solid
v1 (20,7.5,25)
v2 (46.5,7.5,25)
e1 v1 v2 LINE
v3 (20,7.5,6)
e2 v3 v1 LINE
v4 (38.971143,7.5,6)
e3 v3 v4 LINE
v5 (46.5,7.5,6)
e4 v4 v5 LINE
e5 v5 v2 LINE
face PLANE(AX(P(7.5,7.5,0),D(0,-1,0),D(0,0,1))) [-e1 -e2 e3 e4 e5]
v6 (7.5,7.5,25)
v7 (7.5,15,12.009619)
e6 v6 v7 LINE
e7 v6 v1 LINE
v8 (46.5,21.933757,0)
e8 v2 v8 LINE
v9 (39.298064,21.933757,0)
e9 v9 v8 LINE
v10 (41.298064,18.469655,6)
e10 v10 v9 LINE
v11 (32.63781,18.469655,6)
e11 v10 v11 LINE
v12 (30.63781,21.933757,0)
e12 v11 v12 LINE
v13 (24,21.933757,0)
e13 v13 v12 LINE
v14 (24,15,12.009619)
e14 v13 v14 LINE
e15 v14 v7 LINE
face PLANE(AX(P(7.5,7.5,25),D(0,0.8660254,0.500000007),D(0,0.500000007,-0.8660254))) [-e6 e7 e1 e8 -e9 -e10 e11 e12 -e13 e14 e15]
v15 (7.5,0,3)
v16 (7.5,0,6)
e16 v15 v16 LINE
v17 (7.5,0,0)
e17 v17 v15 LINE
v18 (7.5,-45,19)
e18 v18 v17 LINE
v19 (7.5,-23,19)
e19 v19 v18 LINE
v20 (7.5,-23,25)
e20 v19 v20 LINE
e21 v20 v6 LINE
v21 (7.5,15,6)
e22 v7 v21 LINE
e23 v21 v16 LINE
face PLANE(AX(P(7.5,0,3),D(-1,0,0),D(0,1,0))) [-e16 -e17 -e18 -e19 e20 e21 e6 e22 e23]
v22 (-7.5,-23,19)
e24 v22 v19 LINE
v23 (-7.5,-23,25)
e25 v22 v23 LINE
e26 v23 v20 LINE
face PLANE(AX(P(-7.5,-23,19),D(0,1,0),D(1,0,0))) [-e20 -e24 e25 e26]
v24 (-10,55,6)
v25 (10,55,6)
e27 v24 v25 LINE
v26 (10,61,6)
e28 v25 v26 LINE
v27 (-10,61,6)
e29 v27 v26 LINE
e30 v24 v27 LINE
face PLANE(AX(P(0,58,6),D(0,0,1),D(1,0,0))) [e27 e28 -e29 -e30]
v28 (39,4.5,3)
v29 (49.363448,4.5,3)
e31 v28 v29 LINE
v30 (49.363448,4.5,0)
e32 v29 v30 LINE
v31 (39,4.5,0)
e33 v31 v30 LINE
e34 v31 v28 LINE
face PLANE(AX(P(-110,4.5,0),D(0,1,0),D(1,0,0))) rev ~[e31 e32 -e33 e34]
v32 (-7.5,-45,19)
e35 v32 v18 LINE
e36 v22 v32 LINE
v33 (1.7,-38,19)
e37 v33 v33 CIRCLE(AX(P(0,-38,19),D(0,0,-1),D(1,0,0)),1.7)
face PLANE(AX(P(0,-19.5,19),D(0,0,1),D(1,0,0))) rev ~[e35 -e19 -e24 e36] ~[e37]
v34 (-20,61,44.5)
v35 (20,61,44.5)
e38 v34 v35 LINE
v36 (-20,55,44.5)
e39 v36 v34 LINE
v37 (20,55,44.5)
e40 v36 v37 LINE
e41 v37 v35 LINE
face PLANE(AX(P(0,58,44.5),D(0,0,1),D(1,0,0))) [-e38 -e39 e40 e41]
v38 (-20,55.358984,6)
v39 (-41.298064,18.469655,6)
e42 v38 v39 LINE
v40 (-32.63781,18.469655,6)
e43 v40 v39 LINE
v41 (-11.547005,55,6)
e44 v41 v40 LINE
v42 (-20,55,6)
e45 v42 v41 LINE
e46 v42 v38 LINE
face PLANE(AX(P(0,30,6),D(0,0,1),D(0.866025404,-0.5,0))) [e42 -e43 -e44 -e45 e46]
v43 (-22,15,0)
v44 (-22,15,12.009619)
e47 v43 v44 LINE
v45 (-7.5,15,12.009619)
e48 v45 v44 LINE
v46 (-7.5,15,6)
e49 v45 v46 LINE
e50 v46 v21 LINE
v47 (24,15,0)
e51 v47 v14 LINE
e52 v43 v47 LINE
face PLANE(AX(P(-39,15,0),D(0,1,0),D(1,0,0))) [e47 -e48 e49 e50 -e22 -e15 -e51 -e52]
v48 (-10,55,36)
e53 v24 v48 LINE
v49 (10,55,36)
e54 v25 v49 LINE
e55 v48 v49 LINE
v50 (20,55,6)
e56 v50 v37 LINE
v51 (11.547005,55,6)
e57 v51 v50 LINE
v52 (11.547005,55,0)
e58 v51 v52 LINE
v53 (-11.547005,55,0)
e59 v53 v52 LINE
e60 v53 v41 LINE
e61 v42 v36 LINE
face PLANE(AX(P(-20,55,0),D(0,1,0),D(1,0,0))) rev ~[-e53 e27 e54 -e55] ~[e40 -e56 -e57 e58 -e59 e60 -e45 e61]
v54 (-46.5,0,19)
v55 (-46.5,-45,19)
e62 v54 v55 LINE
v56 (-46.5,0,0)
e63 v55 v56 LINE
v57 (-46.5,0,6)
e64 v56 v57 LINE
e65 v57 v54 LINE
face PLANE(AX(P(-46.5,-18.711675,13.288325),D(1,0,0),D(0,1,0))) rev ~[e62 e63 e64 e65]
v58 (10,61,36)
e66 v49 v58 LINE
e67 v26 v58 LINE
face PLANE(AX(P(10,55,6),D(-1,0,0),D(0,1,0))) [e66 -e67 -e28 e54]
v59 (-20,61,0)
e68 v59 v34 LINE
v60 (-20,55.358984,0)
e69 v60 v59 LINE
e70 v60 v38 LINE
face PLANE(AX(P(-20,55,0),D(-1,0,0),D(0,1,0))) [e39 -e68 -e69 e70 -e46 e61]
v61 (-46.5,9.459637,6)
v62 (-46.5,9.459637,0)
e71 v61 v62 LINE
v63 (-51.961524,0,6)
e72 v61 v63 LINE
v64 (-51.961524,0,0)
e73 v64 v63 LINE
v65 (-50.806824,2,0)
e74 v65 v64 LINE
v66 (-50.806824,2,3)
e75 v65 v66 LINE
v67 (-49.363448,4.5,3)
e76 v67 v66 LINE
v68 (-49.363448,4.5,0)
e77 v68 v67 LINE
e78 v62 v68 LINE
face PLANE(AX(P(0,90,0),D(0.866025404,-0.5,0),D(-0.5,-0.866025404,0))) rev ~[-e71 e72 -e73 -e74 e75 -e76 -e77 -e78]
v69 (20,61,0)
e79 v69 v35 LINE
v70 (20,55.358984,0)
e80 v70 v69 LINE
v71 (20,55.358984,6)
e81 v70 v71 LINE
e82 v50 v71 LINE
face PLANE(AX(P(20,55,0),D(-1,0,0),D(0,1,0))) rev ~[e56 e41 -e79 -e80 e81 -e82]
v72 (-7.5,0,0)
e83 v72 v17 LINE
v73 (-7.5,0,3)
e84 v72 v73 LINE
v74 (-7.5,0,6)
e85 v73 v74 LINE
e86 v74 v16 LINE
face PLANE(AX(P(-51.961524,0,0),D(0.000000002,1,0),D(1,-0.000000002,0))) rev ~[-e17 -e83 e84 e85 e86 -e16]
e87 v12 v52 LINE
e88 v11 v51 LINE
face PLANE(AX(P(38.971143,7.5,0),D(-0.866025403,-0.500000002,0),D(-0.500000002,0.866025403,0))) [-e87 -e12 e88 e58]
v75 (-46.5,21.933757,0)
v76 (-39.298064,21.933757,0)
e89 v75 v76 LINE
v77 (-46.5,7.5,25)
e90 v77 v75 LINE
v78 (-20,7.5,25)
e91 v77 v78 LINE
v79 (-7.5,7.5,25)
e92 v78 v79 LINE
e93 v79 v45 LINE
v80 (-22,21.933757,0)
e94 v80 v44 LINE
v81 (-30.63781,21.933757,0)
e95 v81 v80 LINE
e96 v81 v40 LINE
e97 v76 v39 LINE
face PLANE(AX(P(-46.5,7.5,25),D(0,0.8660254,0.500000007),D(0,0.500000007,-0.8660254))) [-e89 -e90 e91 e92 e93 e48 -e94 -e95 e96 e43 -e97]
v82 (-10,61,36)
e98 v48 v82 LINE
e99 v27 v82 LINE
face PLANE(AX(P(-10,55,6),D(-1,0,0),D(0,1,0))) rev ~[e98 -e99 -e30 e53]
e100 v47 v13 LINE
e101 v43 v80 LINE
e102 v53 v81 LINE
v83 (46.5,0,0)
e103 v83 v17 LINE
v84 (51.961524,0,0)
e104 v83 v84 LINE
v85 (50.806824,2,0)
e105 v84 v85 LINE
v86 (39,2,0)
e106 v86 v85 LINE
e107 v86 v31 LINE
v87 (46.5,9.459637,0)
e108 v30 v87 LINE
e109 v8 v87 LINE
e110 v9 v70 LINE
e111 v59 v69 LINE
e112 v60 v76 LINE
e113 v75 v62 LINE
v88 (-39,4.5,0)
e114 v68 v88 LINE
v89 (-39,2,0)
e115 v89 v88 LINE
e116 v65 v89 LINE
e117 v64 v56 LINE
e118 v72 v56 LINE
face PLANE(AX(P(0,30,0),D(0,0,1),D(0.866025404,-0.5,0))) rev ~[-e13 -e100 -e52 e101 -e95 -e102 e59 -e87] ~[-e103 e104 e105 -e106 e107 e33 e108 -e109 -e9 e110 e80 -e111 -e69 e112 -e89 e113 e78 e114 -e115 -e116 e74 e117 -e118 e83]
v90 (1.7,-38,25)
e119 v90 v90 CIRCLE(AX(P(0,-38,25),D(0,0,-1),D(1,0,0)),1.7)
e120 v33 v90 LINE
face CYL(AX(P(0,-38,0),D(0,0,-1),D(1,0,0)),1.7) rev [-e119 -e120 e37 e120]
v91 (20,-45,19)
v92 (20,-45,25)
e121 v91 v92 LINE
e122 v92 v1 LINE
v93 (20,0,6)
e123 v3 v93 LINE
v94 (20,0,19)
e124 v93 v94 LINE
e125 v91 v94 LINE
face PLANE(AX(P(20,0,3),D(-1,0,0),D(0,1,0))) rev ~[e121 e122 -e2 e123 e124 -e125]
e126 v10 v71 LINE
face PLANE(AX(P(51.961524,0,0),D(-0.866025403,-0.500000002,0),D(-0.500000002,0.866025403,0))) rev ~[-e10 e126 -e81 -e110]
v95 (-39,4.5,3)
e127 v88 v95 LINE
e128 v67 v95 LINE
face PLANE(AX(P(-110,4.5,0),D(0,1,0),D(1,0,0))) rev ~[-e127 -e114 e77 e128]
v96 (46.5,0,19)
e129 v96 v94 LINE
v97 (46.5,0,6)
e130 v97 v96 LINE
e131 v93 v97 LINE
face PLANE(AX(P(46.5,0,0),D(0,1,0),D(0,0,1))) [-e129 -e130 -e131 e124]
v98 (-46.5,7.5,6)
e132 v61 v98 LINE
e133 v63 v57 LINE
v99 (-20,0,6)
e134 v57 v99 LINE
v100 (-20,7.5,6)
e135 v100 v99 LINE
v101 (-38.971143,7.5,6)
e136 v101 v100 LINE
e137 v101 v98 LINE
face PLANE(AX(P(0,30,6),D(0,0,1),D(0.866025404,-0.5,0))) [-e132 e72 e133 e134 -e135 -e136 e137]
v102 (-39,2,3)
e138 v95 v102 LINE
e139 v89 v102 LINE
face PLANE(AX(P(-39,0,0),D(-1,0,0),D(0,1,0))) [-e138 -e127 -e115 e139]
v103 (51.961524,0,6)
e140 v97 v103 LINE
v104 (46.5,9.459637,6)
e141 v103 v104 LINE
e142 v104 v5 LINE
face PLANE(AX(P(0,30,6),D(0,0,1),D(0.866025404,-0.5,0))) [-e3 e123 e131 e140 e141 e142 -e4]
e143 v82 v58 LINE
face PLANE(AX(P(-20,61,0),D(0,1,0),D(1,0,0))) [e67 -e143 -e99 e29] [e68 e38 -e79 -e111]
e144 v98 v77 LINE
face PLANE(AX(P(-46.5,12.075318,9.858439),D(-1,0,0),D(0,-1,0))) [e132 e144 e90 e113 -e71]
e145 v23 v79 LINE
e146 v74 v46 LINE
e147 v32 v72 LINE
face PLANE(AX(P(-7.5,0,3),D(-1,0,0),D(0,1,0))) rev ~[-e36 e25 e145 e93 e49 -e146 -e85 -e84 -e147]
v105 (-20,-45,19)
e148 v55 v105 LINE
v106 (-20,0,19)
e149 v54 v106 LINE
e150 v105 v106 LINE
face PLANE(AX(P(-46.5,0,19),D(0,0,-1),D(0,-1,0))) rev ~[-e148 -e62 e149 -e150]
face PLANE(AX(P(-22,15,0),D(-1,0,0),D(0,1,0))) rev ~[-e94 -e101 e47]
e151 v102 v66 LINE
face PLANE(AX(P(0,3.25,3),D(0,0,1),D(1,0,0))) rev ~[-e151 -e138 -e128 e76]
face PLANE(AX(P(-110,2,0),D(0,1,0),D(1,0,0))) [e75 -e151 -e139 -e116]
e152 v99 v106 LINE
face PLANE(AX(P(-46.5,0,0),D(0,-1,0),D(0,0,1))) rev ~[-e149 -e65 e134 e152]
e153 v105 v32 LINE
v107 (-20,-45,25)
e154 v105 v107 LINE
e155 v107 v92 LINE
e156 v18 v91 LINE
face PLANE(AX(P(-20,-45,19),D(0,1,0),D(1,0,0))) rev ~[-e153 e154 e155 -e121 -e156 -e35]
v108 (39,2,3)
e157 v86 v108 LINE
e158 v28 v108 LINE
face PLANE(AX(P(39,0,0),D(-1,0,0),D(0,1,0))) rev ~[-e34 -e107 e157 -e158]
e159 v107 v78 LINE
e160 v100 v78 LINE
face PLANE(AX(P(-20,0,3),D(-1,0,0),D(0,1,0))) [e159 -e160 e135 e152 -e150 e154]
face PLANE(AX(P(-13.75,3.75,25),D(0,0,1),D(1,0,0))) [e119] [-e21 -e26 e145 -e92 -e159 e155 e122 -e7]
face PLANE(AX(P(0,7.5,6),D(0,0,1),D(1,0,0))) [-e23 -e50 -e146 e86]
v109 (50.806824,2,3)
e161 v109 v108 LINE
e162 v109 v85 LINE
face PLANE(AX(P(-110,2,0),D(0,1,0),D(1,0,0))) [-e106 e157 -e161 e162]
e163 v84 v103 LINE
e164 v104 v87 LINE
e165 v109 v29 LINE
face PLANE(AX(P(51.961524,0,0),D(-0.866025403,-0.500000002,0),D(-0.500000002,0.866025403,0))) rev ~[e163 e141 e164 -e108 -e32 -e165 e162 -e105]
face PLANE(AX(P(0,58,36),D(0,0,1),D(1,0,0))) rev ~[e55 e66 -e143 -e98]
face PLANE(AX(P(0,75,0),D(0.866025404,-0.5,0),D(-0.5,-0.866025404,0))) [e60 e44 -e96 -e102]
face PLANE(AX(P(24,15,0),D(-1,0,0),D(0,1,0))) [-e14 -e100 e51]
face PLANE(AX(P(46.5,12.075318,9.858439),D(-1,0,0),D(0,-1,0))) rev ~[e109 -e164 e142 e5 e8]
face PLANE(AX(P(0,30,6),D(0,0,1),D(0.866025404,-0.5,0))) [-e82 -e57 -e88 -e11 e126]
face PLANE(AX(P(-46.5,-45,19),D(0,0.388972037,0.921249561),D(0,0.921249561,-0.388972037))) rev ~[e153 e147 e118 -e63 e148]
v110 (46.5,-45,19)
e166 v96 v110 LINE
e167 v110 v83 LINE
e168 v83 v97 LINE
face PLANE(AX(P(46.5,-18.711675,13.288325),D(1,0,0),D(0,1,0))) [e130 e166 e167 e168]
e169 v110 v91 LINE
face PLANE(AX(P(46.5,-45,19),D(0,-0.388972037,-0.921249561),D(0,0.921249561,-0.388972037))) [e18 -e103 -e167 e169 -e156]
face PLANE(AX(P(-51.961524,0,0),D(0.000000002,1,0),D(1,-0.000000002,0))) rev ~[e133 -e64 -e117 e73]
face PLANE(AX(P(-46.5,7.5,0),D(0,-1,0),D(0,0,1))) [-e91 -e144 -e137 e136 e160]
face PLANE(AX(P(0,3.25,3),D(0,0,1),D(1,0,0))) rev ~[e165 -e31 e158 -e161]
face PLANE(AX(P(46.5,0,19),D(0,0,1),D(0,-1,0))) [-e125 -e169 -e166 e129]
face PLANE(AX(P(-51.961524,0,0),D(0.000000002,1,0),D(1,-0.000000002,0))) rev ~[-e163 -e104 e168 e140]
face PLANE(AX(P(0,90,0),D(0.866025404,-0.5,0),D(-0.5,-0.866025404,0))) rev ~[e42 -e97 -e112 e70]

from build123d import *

# Parameters (mm, degrees)
BOX031_W                 = 46
BOX031_H                 = 15
BOX031_DEPTH             = 16
BOX029_W                 = 78
BOX029_H                 = 15
BOX029_DEPTH             = 6
BOX023_W                 = 220
BOX023_H                 = 2.5
BOX023_DEPTH             = 3
EXTRUDE011_DEPTH         = 10
BOX024_W                 = 220
BOX024_H                 = 113
BOX024_DEPTH             = 8
BOX026_W                 = 32
BOX026_H                 = 6
BOX026_DEPTH             = 6
PRISM004_DEPTH           = 6
PRISM004_PLACEMENT_ANGLE = 30
PRISM005_DEPTH           = 6
PRISM005_PLACEMENT_ANGLE = 30
EXTRUDE012_DEPTH         = 39
EXTRUDE009_DEPTH         = 39
EXTRUDE008_DEPTH         = 39
BOX009_W                 = 12.5
BOX009_H                 = 7.5
BOX009_DEPTH             = 22
BOX010_W                 = 12.5
BOX010_H                 = 7.5
BOX010_DEPTH             = 22
CYLINDER_R               = 1.7
CYLINDER_DEPTH           = 30
BOX007_W                 = 15
BOX007_H                 = 70
BOX007_DEPTH             = 6
BOX006_W                 = 40
BOX006_H                 = 51
BOX006_DEPTH             = 6
EXTRUDE010_DEPTH         = 39
BOX021_W                 = 12.5
BOX021_H                 = 7.5
BOX021_DEPTH             = 22
BOX027_W                 = 12.5
BOX027_H                 = 7.5
BOX027_DEPTH             = 22
CYLINDER002_R            = 1.7
CYLINDER002_DEPTH        = 30
BOX025_W                 = 15
BOX025_H                 = 70
BOX025_DEPTH             = 6
BOX022_W                 = 40
BOX022_H                 = 51
BOX022_DEPTH             = 6
BOX005_W                 = 20
BOX005_H                 = 6
BOX005_DEPTH             = 30
BOX004_W                 = 40
BOX004_H                 = 6
BOX004_DEPTH             = 44.5


with BuildPart() as cube030:
    # Box031 → Box031 (new body)
    with BuildSketch(Plane(origin=(-22, 15, 0), x_dir=(1, 0, 0), z_dir=(0, 0, 1))):
        with Locations((23, 7.5)):
            Rectangle(BOX031_W, BOX031_H)
    extrude(amount=BOX031_DEPTH)


with BuildPart() as cube028:
    # Box029 → Box029 (new body)
    with BuildSketch(Plane(origin=(-39, 0, 0), x_dir=(1, 0, 0), z_dir=(0, 0, 1))):
        with Locations((39, 7.5)):
            Rectangle(BOX029_W, BOX029_H)
    extrude(amount=BOX029_DEPTH)


with BuildPart() as cube022:
    # Box023 → Box023 (new body)
    with BuildSketch(Plane(origin=(-110, 2, 0), x_dir=(1, 0, 0), z_dir=(0, 0, 1))):
        with Locations((110, 1.25)):
            Rectangle(BOX023_W, BOX023_H)
    extrude(amount=BOX023_DEPTH)


with BuildPart() as extrude011:
    # Sketch009 → Extrude011 (new body)
    with BuildSketch(Plane.XY):
        Polygon((-95, 0), (95, 0), (85, 61), (-85, 61), align=None)
    extrude(amount=EXTRUDE011_DEPTH)


with BuildPart() as molde_cortador002:
    # Box024 → Box024 (new body)
    with BuildSketch(Plane(origin=(-110, -15, 0), x_dir=(1, 0, 0), z_dir=(0, 0, 1))):
        with Locations((110, 56.5)):
            Rectangle(BOX024_W, BOX024_H)
    extrude(amount=BOX024_DEPTH)

    # Cut004020: cut Extrude011
    add(extrude011.part, mode=Mode.SUBTRACT)


with BuildPart() as cube025:
    # Box026 → Box026 (new body)
    with BuildSketch(Plane(origin=(-16, 55, 0), x_dir=(1, 0, 0), z_dir=(0, 0, 1))):
        with Locations((16, 3)):
            Rectangle(BOX026_W, BOX026_H)
    extrude(amount=BOX026_DEPTH)


with BuildPart() as prism004:
    # Prism004 → Prism004 (new body)
    with BuildSketch(Plane.XY):
        Polygon((45, 0), (-22.5, 38.971143), (-22.5, -38.971143), align=None)
    extrude(amount=PRISM004_DEPTH)


with BuildPart() as prism004_1:
    # Prism004 placement: moved
    add(prism004.part.moved(Location((0, 23, 0))).rotate(Axis((0, 23, 0), (0, 0, -1)), PRISM004_PLACEMENT_ANGLE))


with BuildPart() as base_triangulo_con_canaleta001:
    # Prism005 → Prism005 (new body)
    with BuildSketch(Plane.XY):
        Polygon((60, 0), (-30, 51.961524), (-30, -51.961524), align=None)
    extrude(amount=PRISM005_DEPTH)


with BuildPart() as base_triangulo_con_canaleta001_1:
    # Prism005 placement: moved
    add(base_triangulo_con_canaleta001.part.moved(Location((0, 23, 0))).rotate(Axis((0, 23, 0), (0, 0, -1)), PRISM005_PLACEMENT_ANGLE))

    # Cut004019: cut Prism004
    add(prism004_1.part, mode=Mode.SUBTRACT)


with BuildPart() as base_triangulo_con_canaleta001_2:
    # Cut004019 placement: moved
    add(base_triangulo_con_canaleta001_1.part.moved(Location((0, 7, 0))))

    # Fusion004005: union Cube025
    add(cube025.part)

    # Cut004015: cut molde_cortador002
    add(molde_cortador002.part, mode=Mode.SUBTRACT)

    # Cut004016: cut Cube022
    add(cube022.part, mode=Mode.SUBTRACT)


with BuildPart() as extrude012:
    # Sketch010 (on Face21 of Fusion004006) → Extrude012 (new body)
    with BuildSketch(Plane(origin=(-20, 0, 0), x_dir=(0, -1, 0), z_dir=(-1, 0, 0))):
        Polygon((-7.5, 0), (-7.5, 25), (-21.933757, 0), align=None)
    extrude(amount=-EXTRUDE012_DEPTH)


with BuildPart() as extrude012_1:
    # Extrude012 placement: moved
    add(extrude012.part.moved(Location((27.5, 0, 0))))


with BuildPart() as extrude009:
    # Sketch007 (on Face17 of Fusion004002) → Extrude009 (new body)
    with BuildSketch(Plane(origin=(-20, 0, 0), x_dir=(0, -1, 0), z_dir=(-1, 0, 0))):
        Polygon((0, 0), (0, 19), (45, 19), align=None)
    extrude(amount=EXTRUDE009_DEPTH)


with BuildPart() as extrude009_1:
    # Extrude009 placement: moved
    add(extrude009.part.moved(Location((66.5, 0, 0))))


with BuildPart() as extrude008:
    # Sketch007 (on Face17 of Fusion004002) → Extrude008 (new body)
    with BuildSketch(Plane(origin=(-20, 0, 0), x_dir=(0, -1, 0), z_dir=(-1, 0, 0))):
        Polygon((0, 0), (0, 19), (45, 19), align=None)
    extrude(amount=-EXTRUDE008_DEPTH)


with BuildPart() as extrude008_1:
    # Extrude008 placement: moved
    add(extrude008.part.moved(Location((-26.5, 0, 0))))


with BuildPart() as cube008:
    # Box009 → Box009 (new body)
    with BuildSketch(Plane(origin=(7.5, 0, 3), x_dir=(1, 0, 0), z_dir=(0, 0, 1))):
        with Locations((6.25, 3.75)):
            Rectangle(BOX009_W, BOX009_H)
    extrude(amount=BOX009_DEPTH)


with BuildPart() as cube009:
    # Box010 → Box010 (new body)
    with BuildSketch(Plane(origin=(-20, 0, 3), x_dir=(1, 0, 0), z_dir=(0, 0, 1))):
        with Locations((6.25, 3.75)):
            Rectangle(BOX010_W, BOX010_H)
    extrude(amount=BOX010_DEPTH)


with BuildPart() as cylinder:
    # Cylinder → Cylinder (new body)
    with BuildSketch(Plane(origin=(0, 7, 0), x_dir=(1, 0, 0), z_dir=(0, 0, 1))):
        Circle(CYLINDER_R)
    extrude(amount=CYLINDER_DEPTH)


with BuildPart() as cube007:
    # Box007 → Box007 (new body)
    with BuildSketch(Plane(origin=(12.5, 22, 20), x_dir=(1, 0, 0), z_dir=(0, 0, 1))):
        with Locations((7.5, 35)):
            Rectangle(BOX007_W, BOX007_H)
    extrude(amount=BOX007_DEPTH)


with BuildPart() as fusion004002:
    # Box006 → Box006 (new body)
    with BuildSketch(Plane.XY.offset(20)):
        with Locations((20, 25.5)):
            Rectangle(BOX006_W, BOX006_H)
    extrude(amount=BOX006_DEPTH)

    # Cut004005: cut Cube007
    add(cube007.part, mode=Mode.SUBTRACT)


with BuildPart() as fusion004002_1:
    # Cut004005 placement: moved
    add(fusion004002.part.moved(Location((-20, 0, -1))))

    # Cut004006: cut Cylinder
    add(cylinder.part, mode=Mode.SUBTRACT)


with BuildPart() as fusion004002_2:
    # Cut004006 placement: moved
    add(fusion004002_1.part.moved(Location((0, -45, 0))))

    # Fusion004002: union Cube008, Cube009
    add(cube008.part)
    add(cube009.part)


with BuildPart() as fusion004007:
    # Sketch008 (on Face21 of Fusion004002) → Extrude010 (new body)
    with BuildSketch(Plane(origin=(-20, 0, 0), x_dir=(0, -1, 0), z_dir=(-1, 0, 0))):
        Polygon((-7.5, 0), (-7.5, 25), (-21.933757, 0), align=None)
    extrude(amount=-EXTRUDE010_DEPTH)


with BuildPart() as fusion004007_1:
    # Extrude010 placement: moved
    add(fusion004007.part.moved(Location((-26.5, 0, 0))))

    # Fusion004007: union Extrude012, Extrude009, Extrude008, Fusion004002
    add(extrude012_1.part)
    add(extrude009_1.part)
    add(extrude008_1.part)
    add(fusion004002_2.part)


with BuildPart() as cube020:
    # Box021 → Box021 (new body)
    with BuildSketch(Plane(origin=(7.5, 0, 3), x_dir=(1, 0, 0), z_dir=(0, 0, 1))):
        with Locations((6.25, 3.75)):
            Rectangle(BOX021_W, BOX021_H)
    extrude(amount=BOX021_DEPTH)


with BuildPart() as cube026:
    # Box027 → Box027 (new body)
    with BuildSketch(Plane(origin=(-20, 0, 3), x_dir=(1, 0, 0), z_dir=(0, 0, 1))):
        with Locations((6.25, 3.75)):
            Rectangle(BOX027_W, BOX027_H)
    extrude(amount=BOX027_DEPTH)


with BuildPart() as cylinder002:
    # Cylinder002 → Cylinder002 (new body)
    with BuildSketch(Plane(origin=(0, 7, 0), x_dir=(1, 0, 0), z_dir=(0, 0, 1))):
        Circle(CYLINDER002_R)
    extrude(amount=CYLINDER002_DEPTH)


with BuildPart() as cube024:
    # Box025 → Box025 (new body)
    with BuildSketch(Plane(origin=(12.5, 22, 20), x_dir=(1, 0, 0), z_dir=(0, 0, 1))):
        with Locations((7.5, 35)):
            Rectangle(BOX025_W, BOX025_H)
    extrude(amount=BOX025_DEPTH)


with BuildPart() as parte_frontal:
    # Box022 → Box022 (new body)
    with BuildSketch(Plane.XY.offset(20)):
        with Locations((20, 25.5)):
            Rectangle(BOX022_W, BOX022_H)
    extrude(amount=BOX022_DEPTH)

    # Cut004017: cut Cube024
    add(cube024.part, mode=Mode.SUBTRACT)


with BuildPart() as parte_frontal_1:
    # Cut004017 placement: moved
    add(parte_frontal.part.moved(Location((-20, 0, -1))))

    # Cut004018: cut Cylinder002
    add(cylinder002.part, mode=Mode.SUBTRACT)


with BuildPart() as parte_frontal_2:
    # Cut004018 placement: moved
    add(parte_frontal_1.part.moved(Location((0, -45, 0))))

    # Fusion004006: union Cube020, Cube026
    add(cube020.part)
    add(cube026.part)

    # Fusion004008: union Fusion004007
    add(fusion004007_1.part)


with BuildPart() as cube005:
    # Box005 → Box005 (new body)
    with BuildSketch(Plane(origin=(-10, 55, 6), x_dir=(1, 0, 0), z_dir=(0, 0, 1))):
        with Locations((10, 3)):
            Rectangle(BOX005_W, BOX005_H)
    extrude(amount=BOX005_DEPTH)


with BuildPart() as cut004022:
    # Box004 → Box004 (new body)
    with BuildSketch(Plane(origin=(-20, 55, 0), x_dir=(1, 0, 0), z_dir=(0, 0, 1))):
        with Locations((20, 3)):
            Rectangle(BOX004_W, BOX004_H)
    extrude(amount=BOX004_DEPTH)

    # Cut004004: cut Cube005
    add(cube005.part, mode=Mode.SUBTRACT)

    # Fusion004009: union base_triangulo_con_canaleta001, parte_frontal
    add(base_triangulo_con_canaleta001_2.part)
    add(parte_frontal_2.part)

    # Fusion004009002: union Cube028
    add(cube028.part)

    # Cut004022: cut Cube030
    add(cube030.part, mode=Mode.SUBTRACT)


solid = cut004022.part
